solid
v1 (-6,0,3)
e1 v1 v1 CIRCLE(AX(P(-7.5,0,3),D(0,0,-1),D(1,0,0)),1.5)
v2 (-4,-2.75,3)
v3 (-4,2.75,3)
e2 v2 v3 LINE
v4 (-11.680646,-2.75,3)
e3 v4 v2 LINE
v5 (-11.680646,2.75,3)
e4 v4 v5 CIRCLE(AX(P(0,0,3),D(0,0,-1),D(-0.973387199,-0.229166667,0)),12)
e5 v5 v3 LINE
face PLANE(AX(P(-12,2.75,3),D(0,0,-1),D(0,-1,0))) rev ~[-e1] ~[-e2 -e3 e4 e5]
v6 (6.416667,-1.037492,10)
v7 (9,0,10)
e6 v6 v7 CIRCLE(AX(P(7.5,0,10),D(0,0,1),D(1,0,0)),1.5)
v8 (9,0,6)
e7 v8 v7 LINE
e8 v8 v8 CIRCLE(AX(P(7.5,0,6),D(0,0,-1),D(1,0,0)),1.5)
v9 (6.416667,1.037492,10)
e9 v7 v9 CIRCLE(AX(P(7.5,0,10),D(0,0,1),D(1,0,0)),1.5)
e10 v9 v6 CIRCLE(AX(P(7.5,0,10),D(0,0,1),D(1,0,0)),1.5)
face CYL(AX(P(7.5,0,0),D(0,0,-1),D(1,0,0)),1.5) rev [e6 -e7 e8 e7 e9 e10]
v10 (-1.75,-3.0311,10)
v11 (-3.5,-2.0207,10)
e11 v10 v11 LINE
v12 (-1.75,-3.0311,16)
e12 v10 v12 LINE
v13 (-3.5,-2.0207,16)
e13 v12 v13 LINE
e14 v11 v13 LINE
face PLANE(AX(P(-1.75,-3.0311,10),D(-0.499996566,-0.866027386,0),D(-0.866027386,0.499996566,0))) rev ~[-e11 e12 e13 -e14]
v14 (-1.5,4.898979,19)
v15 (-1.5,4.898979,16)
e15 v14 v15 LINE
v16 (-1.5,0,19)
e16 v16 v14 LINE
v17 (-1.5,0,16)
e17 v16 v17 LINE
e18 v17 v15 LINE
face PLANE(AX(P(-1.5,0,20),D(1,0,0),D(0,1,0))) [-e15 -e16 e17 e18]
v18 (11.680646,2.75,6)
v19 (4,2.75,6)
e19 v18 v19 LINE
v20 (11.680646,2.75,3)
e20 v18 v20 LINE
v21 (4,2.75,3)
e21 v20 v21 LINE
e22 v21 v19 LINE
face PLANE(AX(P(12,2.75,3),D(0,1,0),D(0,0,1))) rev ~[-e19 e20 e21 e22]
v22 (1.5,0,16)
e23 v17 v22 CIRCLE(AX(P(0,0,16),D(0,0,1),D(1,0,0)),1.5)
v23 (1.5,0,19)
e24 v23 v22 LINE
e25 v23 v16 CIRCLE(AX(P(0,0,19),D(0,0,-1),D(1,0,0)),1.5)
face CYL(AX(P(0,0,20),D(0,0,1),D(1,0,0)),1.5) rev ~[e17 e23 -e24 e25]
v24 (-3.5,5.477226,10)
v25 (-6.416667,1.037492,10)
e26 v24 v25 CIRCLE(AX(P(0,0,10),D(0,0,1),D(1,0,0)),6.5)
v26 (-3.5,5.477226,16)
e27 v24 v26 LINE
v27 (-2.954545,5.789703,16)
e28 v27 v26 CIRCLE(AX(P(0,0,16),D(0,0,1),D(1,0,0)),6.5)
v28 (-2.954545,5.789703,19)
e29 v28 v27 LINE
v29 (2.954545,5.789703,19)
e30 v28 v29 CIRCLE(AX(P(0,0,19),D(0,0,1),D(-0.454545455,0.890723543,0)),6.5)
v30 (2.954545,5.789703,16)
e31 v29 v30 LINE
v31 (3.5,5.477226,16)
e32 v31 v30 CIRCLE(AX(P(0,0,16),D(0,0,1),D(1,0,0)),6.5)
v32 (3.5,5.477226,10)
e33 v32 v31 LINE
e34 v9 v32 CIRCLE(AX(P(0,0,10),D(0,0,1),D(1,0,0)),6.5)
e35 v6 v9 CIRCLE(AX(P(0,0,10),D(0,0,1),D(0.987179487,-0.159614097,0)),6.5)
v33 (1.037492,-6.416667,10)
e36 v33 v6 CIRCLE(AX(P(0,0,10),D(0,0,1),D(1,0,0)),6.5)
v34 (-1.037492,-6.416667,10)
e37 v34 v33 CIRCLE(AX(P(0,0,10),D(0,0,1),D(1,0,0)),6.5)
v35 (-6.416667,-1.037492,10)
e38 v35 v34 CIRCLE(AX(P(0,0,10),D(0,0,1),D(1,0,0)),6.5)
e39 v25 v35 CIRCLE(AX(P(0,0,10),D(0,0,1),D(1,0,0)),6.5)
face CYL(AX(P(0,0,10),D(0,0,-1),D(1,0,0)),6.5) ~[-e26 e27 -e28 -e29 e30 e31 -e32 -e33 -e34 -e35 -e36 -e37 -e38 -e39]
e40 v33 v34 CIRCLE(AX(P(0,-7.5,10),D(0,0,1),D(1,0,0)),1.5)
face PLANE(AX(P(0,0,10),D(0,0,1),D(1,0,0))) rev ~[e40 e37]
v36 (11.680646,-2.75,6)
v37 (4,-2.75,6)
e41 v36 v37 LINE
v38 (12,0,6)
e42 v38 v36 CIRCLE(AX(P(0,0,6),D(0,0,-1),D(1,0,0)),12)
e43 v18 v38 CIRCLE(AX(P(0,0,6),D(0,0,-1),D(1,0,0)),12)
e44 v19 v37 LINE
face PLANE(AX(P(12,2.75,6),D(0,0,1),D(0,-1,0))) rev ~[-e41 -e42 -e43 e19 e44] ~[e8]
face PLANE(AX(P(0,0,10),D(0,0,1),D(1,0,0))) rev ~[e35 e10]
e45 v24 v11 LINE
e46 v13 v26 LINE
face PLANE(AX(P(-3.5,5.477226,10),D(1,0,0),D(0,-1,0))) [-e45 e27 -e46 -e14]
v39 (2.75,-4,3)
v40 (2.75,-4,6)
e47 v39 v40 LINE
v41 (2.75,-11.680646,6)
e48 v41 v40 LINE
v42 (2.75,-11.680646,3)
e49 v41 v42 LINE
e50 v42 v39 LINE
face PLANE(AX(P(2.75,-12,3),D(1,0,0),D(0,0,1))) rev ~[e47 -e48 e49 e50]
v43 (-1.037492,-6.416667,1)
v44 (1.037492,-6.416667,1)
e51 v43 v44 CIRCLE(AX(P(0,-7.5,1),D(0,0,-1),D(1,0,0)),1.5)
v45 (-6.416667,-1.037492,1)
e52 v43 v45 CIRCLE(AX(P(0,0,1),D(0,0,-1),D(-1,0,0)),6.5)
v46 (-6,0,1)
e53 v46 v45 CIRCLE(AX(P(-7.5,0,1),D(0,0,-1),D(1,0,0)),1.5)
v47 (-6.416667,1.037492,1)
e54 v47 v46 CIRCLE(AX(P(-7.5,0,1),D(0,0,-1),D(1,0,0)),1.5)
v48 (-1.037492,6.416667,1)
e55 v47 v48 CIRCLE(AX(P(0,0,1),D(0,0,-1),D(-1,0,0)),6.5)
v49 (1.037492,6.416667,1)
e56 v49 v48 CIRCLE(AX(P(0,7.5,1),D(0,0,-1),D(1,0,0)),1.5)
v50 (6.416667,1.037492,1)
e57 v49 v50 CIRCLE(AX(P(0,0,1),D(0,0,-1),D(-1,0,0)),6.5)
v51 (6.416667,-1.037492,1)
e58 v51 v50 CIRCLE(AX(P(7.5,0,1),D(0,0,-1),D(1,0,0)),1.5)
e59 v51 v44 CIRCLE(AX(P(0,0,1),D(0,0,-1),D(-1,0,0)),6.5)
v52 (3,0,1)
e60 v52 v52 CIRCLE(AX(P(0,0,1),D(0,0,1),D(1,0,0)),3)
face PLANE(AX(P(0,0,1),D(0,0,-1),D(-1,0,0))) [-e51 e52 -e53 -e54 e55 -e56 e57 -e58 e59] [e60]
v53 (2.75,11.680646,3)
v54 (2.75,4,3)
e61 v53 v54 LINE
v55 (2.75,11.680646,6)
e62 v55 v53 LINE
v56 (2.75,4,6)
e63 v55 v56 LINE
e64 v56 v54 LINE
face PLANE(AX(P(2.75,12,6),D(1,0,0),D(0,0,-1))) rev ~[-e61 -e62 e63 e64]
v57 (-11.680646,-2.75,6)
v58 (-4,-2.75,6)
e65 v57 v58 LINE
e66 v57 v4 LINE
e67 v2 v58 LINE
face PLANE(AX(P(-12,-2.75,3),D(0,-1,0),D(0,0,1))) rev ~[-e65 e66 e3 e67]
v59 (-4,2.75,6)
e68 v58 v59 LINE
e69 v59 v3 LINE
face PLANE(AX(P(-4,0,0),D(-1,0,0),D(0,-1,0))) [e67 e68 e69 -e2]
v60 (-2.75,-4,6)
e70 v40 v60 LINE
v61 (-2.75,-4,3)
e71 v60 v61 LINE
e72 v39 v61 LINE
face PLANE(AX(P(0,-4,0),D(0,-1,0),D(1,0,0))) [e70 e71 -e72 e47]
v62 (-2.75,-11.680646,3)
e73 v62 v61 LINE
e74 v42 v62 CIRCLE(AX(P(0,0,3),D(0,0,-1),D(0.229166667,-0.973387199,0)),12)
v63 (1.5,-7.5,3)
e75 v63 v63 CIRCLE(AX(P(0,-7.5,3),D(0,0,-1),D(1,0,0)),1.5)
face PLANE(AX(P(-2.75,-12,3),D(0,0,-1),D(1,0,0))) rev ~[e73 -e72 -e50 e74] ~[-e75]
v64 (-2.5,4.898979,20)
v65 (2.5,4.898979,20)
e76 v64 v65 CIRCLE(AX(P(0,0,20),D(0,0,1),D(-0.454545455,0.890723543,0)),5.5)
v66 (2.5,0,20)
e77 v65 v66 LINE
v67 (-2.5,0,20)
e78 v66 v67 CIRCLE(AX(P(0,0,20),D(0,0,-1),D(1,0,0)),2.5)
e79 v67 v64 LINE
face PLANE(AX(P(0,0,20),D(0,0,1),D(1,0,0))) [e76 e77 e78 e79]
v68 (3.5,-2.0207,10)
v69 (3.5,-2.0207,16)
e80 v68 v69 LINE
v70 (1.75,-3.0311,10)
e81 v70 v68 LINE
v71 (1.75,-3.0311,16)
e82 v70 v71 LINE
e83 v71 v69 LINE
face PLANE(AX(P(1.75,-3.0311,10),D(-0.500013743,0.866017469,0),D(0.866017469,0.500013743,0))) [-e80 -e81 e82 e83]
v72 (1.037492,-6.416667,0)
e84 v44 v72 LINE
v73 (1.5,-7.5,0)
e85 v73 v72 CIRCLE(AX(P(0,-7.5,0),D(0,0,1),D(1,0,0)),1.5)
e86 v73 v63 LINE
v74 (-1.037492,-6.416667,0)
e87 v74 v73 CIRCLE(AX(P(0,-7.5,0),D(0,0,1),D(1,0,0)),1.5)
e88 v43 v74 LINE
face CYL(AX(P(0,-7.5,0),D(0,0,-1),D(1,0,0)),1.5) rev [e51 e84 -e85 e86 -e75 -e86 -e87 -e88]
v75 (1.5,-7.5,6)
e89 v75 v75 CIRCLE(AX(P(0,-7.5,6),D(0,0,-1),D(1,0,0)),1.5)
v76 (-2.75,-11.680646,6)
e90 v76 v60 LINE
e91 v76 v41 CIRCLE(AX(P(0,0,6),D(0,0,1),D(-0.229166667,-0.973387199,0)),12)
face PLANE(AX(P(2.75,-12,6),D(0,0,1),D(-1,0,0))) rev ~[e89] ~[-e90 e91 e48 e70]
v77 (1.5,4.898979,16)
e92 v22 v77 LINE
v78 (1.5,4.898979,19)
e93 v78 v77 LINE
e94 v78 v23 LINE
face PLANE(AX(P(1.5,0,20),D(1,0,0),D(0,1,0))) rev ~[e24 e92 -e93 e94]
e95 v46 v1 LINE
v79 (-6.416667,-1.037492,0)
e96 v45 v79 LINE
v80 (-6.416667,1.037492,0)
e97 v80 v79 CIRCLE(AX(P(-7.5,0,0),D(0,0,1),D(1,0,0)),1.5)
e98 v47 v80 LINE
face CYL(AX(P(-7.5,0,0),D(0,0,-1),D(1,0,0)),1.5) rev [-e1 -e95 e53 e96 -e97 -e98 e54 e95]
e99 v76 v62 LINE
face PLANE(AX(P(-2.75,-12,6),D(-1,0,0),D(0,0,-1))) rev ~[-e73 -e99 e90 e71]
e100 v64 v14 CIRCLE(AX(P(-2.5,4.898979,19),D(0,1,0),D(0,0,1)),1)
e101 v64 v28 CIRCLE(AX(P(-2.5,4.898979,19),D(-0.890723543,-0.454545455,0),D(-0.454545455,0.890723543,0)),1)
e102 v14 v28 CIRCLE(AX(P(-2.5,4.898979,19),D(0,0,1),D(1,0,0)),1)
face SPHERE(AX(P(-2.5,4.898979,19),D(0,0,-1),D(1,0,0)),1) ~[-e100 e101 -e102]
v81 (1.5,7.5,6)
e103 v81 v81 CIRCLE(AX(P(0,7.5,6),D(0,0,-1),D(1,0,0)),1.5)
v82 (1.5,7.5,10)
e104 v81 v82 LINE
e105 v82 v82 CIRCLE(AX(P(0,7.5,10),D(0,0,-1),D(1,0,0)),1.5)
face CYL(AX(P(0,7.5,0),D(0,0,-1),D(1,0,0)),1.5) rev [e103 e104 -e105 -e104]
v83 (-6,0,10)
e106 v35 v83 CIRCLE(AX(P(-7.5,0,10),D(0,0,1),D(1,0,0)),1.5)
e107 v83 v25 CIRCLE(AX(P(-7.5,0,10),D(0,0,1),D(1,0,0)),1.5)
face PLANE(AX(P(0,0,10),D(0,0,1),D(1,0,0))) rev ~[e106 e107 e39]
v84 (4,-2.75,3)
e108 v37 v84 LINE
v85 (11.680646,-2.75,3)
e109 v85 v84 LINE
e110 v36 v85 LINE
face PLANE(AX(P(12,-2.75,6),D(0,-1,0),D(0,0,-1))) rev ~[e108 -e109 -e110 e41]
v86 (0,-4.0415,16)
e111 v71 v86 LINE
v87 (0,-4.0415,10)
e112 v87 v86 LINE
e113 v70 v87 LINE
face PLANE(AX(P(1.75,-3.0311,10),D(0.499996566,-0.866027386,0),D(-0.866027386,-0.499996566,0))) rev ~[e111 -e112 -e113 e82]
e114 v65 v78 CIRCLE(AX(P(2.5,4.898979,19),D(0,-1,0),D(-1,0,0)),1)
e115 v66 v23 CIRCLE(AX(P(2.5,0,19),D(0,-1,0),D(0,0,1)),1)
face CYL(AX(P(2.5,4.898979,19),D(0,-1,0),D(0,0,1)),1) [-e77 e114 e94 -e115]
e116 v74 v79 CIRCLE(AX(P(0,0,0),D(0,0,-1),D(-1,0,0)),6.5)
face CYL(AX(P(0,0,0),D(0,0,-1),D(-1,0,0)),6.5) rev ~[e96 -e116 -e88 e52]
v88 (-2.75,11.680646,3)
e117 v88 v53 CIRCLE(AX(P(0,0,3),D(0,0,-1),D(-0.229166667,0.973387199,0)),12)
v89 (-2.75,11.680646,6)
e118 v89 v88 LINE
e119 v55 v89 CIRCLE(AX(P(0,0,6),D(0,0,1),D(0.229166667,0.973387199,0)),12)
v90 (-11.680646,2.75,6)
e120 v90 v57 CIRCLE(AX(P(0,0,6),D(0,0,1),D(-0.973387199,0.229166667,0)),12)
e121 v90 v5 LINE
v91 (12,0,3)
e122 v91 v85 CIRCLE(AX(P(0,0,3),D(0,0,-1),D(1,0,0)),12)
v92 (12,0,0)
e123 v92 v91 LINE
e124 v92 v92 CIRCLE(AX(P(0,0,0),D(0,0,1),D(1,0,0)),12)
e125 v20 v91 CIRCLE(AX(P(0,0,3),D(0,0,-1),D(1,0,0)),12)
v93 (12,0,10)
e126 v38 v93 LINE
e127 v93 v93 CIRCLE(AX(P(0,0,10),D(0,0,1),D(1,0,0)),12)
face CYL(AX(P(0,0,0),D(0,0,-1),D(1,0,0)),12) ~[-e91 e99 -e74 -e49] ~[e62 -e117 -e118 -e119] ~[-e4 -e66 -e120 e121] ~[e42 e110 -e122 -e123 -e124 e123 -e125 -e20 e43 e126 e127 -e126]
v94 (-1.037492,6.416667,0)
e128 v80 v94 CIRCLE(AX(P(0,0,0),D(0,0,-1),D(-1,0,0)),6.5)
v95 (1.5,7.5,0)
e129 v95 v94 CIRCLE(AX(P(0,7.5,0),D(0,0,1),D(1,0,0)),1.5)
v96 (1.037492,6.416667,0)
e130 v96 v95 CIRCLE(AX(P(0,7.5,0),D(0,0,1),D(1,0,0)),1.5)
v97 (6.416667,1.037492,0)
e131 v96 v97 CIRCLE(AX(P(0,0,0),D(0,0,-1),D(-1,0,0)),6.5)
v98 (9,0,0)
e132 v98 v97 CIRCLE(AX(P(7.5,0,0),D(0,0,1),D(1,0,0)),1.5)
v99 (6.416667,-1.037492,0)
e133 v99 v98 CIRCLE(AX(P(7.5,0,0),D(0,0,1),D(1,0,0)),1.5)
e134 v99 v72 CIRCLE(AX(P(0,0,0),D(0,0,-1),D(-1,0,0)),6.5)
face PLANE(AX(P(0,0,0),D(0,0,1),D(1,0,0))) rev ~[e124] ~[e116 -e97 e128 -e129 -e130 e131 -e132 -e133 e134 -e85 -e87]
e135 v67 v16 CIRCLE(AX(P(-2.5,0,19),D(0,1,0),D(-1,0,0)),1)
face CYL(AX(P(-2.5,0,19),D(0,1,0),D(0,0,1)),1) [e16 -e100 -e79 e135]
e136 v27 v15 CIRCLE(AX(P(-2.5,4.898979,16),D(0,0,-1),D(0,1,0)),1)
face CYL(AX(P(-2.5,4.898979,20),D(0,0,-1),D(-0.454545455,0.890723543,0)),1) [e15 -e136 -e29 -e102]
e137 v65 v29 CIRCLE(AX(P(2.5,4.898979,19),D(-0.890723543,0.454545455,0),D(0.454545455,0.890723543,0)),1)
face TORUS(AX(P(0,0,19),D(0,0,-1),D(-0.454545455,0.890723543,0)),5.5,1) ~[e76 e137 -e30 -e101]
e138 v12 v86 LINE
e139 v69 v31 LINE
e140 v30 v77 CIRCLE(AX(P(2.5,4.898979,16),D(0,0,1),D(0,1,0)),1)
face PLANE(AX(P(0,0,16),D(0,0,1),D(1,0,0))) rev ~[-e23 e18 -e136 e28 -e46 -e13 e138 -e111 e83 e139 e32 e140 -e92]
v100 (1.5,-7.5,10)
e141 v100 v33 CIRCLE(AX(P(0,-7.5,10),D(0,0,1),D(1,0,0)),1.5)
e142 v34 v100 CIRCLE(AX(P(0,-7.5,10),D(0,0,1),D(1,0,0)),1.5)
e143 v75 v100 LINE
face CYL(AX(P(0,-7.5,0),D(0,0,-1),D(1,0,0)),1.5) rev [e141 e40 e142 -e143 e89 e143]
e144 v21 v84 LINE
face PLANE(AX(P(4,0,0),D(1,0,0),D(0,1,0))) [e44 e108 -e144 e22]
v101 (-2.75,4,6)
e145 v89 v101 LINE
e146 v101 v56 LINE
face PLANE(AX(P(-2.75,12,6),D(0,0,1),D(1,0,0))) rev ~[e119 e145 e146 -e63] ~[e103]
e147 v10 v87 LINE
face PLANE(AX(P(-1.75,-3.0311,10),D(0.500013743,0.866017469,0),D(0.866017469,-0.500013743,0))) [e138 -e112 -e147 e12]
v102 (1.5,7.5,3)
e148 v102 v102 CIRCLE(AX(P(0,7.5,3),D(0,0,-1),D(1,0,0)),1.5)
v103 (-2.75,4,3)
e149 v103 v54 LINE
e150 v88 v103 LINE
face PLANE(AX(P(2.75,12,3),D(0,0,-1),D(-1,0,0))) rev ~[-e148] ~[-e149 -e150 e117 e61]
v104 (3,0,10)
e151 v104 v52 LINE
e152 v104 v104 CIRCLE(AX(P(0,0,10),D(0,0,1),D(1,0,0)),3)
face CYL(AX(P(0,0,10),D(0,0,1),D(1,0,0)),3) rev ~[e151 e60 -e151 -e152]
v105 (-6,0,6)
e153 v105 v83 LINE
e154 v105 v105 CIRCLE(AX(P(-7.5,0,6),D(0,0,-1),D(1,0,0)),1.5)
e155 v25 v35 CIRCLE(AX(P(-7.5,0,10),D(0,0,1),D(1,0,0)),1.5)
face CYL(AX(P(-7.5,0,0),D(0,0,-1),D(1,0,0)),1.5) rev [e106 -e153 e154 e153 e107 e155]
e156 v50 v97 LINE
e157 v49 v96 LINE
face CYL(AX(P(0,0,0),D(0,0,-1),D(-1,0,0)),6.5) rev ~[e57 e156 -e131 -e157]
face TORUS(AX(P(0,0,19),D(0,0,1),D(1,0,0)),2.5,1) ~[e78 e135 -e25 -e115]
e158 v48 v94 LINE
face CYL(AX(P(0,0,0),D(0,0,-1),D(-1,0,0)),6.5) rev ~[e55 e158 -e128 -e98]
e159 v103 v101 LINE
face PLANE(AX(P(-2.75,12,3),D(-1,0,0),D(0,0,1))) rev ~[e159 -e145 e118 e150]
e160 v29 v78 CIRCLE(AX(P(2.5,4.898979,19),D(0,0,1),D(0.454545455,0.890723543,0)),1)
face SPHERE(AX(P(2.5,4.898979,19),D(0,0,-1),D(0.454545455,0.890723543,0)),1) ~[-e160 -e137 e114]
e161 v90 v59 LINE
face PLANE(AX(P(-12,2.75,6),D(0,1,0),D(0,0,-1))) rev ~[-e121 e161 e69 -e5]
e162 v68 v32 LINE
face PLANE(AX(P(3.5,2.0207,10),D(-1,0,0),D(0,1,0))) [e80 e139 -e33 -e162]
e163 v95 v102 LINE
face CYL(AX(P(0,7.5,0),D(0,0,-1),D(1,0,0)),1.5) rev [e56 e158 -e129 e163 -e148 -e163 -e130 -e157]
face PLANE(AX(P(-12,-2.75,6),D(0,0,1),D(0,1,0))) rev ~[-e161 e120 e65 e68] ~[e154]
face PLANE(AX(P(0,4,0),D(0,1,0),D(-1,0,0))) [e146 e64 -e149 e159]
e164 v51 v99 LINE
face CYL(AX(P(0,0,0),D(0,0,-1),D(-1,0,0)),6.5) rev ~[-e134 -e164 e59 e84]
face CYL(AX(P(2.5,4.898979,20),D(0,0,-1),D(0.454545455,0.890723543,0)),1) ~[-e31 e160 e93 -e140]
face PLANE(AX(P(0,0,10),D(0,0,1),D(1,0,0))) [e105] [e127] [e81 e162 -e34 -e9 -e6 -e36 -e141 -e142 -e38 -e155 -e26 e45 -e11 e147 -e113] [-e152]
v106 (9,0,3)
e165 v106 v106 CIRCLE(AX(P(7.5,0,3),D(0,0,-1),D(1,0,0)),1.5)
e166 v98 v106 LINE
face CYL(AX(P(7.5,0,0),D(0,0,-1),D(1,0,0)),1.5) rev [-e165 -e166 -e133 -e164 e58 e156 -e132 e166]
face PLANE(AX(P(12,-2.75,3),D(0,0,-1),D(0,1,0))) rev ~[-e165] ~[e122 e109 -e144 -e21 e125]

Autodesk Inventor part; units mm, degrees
ref_plane "YZ Plane" through (0, 0, 0) normal (1, 0, 0) x (0, 1, 0)
ref_plane "XY Plane" through (0, 0, 0) normal (0, 0, 1) x (1, 0, 0)
sketch "Sketch1" plane through (0, 0, 0) normal (0, 0, 1) x (1, 0, 0)
  line L0 (0, 0) -> (0, 7.5)
  circle A0 centre (0, 7.5) radius 1.5
  circle A1 centre (-5.3033, 5.3033) radius 1.5
  circle A2 centre (-7.5, 0) radius 1.5
  circle A3 centre (-5.3033, -5.3033) radius 1.5
  circle A4 centre (0, -7.5) radius 1.5
  circle A5 centre (5.3033, -5.3033) radius 1.5
  circle A6 centre (7.5, 0) radius 1.5
  circle A7 centre (5.3033, 5.3033) radius 1.5
  circle A8 centre (0, 0) radius 12
  dimension "d0" = 7.5
  dimension "d1" = 3
  dimension "d4" = 360
  dimension "d6" = 24
extrude "Extrusion1" add sketch "Sketch1" along normal blind 10 contours A1 | A3 | A5 | A7 | A8
sketch "Sketch2" plane through (0, 0, 0) normal (0, 0, -1) x (-1, 0, 0)
  circle A0 centre (0, 0) radius 6.5
  dimension "d9" = 13
extrude "Extrusion2" cut sketch "Sketch2" against normal blind 1
sketch "Sketch3" plane through (0, 0, 10) normal (0, 0, 1) x (1, 0, 0)
  circle A0 centre (0, 0) radius 6.5
  dimension "d12" = 13
extrude "Extrusion3" add sketch "Sketch3" along normal blind 10
sketch "Sketch4" plane through (0, 0, 10) normal (0, 0, 1) x (1, 0, 0)
  line L0 (0, 0) -> (-6.5, 0)
  circle A0 centre (0, 0) radius 6.5 projected
  line L1 (0, 0) -> (-3.5, 0)
  line L2 (-3.5, 0) -> (3.5, 0)
  line L3 (3.5, 0) -> (3.5, -3)
  line L4 (1.75, 3.0311) -> (4.3481, 1.5311)
  line L5 (-1.75, 3.0311) -> (0.8481, 4.5311)
  line L6 (-3.5, 0) -> (-3.5, 3)
  line L7 (-1.75, -3.0311) -> (-4.3481, -1.5311)
  line L8 (1.75, -3.0311) -> (-0.8481, -4.5311)
  line L9 (0, 0) -> (0, -4.0415)
  line L10 (0, 0) -> (0, 4.0415)
  line L11 (3.5, 0) -> (3.5, 2.0207)
  line L12 (0, 4.0415) -> (1.75, 3.0311)
  line L13 (-1.75, 3.0311) -> (-3.5, 2.0207)
  line L14 (-3.5, 0) -> (-3.5, -2.0207)
  line L15 (-1.75, -3.0311) -> (0, -4.0415)
  line L16 (1.75, -3.0311) -> (3.5, -2.0207)
  line L17 (3.5, 2.0207) -> (3.5, 7.0207)
  line L18 (3.5, 7.0207) -> (-3.5, 7.0207)
  line L19 (-3.5, 7.0207) -> (-3.5, 3)
  dimension "d15" = 3.5
  dimension "d16" = 7
  dimension "d17" = 3
  dimension "d20" = 360
  dimension "d22" = 5
extrude "Extrusion4" cut sketch "Sketch4" along normal blind 6 contours L9 L15 L7 L14 L0 | L10 L12 L4 L11 L2 | L2 L3 L16 L8 L9 | L0 L6 L13 L5 L10 | L5 L13 L6 L19 A0 L17 L4 L12 | L19 L18 L17 A0
sketch "Sketch5" plane through (0, 0, 20) normal (0, 0, 1) x (1, 0, 0)
  circle A0 centre (0, 0) radius 1.5
  dimension "d25" = 3
extrude "Extrusion5" cut sketch "Sketch5" against normal up to surface (19 mm away)
sketch "Sketch6" plane through (0, 0, 20) normal (0, 0, 1) x (1, 0, 0)
  circle A0 centre (0, 0) radius 1.5 projected
  line L0 (1.5, 0) -> (1.5, 15)
  line L1 (1.5, 0) -> (-1.5, 0)
  line L2 (-1.5, 0) -> (-1.5, 15)
  line L3 (-1.5, 15) -> (1.5, 15)
  dimension "d28" = 15
  dimension "d29" = 15
extrude "Extrusion6" cut sketch "Sketch6" against normal up to surface (4 mm away) contours A0 L2 L3 L0
fillet "Fillet1" radius 1 2 edges at (1.5, 6.3246, 18) (-1.5, 6.3246, 18)
fillet "Fillet2" radius 1 6 edges at (1.9778, 5.7518, 20) (1.5, 2.4495, 20) (0, -1.5, 20) (-1.5, 2.4495, 20) (-1.9778, 5.7518, 20) (0, -6.5, 20)
ref_plane "Work Plane1" through (0, 12, 0) normal (0, 1, 0) x (-1, 0, 0)
sketch "Sketch7" plane through (0, 12, 0) normal (0, 1, 0) x (-1, 0, 0)
  line L0 (0, 0) -> (0, 3)
  line L1 (0, 3) -> (2.75, 3)
  line L2 (2.75, 3) -> (2.75, 6)
  line L3 (2.75, 6) -> (-2.75, 6)
  line L4 (-2.75, 6) -> (-2.75, 3)
  line L5 (-2.75, 3) -> (0, 3)
  dimension "d35" = 3
  dimension "d36" = 2.75
  dimension "d37" = 3
  dimension "d38" = 5.5
extrude "Extrusion7" cut sketch "Sketch7" against normal blind 8
pattern_circular "Circular Pattern1" count 4 over 360 about axis through (0, 0, 20) along (0, 0, -1) of "Extrusion7"
sketch "Sketch8" plane through (0, 0, 10) normal (0, 0, 1) x (1, 0, 0)
  circle A0 centre (0, 0) radius 3
  dimension "d44" = 6
extrude "Extrusion8" cut sketch "Sketch8" against normal through all
properties part number "screwServo"
